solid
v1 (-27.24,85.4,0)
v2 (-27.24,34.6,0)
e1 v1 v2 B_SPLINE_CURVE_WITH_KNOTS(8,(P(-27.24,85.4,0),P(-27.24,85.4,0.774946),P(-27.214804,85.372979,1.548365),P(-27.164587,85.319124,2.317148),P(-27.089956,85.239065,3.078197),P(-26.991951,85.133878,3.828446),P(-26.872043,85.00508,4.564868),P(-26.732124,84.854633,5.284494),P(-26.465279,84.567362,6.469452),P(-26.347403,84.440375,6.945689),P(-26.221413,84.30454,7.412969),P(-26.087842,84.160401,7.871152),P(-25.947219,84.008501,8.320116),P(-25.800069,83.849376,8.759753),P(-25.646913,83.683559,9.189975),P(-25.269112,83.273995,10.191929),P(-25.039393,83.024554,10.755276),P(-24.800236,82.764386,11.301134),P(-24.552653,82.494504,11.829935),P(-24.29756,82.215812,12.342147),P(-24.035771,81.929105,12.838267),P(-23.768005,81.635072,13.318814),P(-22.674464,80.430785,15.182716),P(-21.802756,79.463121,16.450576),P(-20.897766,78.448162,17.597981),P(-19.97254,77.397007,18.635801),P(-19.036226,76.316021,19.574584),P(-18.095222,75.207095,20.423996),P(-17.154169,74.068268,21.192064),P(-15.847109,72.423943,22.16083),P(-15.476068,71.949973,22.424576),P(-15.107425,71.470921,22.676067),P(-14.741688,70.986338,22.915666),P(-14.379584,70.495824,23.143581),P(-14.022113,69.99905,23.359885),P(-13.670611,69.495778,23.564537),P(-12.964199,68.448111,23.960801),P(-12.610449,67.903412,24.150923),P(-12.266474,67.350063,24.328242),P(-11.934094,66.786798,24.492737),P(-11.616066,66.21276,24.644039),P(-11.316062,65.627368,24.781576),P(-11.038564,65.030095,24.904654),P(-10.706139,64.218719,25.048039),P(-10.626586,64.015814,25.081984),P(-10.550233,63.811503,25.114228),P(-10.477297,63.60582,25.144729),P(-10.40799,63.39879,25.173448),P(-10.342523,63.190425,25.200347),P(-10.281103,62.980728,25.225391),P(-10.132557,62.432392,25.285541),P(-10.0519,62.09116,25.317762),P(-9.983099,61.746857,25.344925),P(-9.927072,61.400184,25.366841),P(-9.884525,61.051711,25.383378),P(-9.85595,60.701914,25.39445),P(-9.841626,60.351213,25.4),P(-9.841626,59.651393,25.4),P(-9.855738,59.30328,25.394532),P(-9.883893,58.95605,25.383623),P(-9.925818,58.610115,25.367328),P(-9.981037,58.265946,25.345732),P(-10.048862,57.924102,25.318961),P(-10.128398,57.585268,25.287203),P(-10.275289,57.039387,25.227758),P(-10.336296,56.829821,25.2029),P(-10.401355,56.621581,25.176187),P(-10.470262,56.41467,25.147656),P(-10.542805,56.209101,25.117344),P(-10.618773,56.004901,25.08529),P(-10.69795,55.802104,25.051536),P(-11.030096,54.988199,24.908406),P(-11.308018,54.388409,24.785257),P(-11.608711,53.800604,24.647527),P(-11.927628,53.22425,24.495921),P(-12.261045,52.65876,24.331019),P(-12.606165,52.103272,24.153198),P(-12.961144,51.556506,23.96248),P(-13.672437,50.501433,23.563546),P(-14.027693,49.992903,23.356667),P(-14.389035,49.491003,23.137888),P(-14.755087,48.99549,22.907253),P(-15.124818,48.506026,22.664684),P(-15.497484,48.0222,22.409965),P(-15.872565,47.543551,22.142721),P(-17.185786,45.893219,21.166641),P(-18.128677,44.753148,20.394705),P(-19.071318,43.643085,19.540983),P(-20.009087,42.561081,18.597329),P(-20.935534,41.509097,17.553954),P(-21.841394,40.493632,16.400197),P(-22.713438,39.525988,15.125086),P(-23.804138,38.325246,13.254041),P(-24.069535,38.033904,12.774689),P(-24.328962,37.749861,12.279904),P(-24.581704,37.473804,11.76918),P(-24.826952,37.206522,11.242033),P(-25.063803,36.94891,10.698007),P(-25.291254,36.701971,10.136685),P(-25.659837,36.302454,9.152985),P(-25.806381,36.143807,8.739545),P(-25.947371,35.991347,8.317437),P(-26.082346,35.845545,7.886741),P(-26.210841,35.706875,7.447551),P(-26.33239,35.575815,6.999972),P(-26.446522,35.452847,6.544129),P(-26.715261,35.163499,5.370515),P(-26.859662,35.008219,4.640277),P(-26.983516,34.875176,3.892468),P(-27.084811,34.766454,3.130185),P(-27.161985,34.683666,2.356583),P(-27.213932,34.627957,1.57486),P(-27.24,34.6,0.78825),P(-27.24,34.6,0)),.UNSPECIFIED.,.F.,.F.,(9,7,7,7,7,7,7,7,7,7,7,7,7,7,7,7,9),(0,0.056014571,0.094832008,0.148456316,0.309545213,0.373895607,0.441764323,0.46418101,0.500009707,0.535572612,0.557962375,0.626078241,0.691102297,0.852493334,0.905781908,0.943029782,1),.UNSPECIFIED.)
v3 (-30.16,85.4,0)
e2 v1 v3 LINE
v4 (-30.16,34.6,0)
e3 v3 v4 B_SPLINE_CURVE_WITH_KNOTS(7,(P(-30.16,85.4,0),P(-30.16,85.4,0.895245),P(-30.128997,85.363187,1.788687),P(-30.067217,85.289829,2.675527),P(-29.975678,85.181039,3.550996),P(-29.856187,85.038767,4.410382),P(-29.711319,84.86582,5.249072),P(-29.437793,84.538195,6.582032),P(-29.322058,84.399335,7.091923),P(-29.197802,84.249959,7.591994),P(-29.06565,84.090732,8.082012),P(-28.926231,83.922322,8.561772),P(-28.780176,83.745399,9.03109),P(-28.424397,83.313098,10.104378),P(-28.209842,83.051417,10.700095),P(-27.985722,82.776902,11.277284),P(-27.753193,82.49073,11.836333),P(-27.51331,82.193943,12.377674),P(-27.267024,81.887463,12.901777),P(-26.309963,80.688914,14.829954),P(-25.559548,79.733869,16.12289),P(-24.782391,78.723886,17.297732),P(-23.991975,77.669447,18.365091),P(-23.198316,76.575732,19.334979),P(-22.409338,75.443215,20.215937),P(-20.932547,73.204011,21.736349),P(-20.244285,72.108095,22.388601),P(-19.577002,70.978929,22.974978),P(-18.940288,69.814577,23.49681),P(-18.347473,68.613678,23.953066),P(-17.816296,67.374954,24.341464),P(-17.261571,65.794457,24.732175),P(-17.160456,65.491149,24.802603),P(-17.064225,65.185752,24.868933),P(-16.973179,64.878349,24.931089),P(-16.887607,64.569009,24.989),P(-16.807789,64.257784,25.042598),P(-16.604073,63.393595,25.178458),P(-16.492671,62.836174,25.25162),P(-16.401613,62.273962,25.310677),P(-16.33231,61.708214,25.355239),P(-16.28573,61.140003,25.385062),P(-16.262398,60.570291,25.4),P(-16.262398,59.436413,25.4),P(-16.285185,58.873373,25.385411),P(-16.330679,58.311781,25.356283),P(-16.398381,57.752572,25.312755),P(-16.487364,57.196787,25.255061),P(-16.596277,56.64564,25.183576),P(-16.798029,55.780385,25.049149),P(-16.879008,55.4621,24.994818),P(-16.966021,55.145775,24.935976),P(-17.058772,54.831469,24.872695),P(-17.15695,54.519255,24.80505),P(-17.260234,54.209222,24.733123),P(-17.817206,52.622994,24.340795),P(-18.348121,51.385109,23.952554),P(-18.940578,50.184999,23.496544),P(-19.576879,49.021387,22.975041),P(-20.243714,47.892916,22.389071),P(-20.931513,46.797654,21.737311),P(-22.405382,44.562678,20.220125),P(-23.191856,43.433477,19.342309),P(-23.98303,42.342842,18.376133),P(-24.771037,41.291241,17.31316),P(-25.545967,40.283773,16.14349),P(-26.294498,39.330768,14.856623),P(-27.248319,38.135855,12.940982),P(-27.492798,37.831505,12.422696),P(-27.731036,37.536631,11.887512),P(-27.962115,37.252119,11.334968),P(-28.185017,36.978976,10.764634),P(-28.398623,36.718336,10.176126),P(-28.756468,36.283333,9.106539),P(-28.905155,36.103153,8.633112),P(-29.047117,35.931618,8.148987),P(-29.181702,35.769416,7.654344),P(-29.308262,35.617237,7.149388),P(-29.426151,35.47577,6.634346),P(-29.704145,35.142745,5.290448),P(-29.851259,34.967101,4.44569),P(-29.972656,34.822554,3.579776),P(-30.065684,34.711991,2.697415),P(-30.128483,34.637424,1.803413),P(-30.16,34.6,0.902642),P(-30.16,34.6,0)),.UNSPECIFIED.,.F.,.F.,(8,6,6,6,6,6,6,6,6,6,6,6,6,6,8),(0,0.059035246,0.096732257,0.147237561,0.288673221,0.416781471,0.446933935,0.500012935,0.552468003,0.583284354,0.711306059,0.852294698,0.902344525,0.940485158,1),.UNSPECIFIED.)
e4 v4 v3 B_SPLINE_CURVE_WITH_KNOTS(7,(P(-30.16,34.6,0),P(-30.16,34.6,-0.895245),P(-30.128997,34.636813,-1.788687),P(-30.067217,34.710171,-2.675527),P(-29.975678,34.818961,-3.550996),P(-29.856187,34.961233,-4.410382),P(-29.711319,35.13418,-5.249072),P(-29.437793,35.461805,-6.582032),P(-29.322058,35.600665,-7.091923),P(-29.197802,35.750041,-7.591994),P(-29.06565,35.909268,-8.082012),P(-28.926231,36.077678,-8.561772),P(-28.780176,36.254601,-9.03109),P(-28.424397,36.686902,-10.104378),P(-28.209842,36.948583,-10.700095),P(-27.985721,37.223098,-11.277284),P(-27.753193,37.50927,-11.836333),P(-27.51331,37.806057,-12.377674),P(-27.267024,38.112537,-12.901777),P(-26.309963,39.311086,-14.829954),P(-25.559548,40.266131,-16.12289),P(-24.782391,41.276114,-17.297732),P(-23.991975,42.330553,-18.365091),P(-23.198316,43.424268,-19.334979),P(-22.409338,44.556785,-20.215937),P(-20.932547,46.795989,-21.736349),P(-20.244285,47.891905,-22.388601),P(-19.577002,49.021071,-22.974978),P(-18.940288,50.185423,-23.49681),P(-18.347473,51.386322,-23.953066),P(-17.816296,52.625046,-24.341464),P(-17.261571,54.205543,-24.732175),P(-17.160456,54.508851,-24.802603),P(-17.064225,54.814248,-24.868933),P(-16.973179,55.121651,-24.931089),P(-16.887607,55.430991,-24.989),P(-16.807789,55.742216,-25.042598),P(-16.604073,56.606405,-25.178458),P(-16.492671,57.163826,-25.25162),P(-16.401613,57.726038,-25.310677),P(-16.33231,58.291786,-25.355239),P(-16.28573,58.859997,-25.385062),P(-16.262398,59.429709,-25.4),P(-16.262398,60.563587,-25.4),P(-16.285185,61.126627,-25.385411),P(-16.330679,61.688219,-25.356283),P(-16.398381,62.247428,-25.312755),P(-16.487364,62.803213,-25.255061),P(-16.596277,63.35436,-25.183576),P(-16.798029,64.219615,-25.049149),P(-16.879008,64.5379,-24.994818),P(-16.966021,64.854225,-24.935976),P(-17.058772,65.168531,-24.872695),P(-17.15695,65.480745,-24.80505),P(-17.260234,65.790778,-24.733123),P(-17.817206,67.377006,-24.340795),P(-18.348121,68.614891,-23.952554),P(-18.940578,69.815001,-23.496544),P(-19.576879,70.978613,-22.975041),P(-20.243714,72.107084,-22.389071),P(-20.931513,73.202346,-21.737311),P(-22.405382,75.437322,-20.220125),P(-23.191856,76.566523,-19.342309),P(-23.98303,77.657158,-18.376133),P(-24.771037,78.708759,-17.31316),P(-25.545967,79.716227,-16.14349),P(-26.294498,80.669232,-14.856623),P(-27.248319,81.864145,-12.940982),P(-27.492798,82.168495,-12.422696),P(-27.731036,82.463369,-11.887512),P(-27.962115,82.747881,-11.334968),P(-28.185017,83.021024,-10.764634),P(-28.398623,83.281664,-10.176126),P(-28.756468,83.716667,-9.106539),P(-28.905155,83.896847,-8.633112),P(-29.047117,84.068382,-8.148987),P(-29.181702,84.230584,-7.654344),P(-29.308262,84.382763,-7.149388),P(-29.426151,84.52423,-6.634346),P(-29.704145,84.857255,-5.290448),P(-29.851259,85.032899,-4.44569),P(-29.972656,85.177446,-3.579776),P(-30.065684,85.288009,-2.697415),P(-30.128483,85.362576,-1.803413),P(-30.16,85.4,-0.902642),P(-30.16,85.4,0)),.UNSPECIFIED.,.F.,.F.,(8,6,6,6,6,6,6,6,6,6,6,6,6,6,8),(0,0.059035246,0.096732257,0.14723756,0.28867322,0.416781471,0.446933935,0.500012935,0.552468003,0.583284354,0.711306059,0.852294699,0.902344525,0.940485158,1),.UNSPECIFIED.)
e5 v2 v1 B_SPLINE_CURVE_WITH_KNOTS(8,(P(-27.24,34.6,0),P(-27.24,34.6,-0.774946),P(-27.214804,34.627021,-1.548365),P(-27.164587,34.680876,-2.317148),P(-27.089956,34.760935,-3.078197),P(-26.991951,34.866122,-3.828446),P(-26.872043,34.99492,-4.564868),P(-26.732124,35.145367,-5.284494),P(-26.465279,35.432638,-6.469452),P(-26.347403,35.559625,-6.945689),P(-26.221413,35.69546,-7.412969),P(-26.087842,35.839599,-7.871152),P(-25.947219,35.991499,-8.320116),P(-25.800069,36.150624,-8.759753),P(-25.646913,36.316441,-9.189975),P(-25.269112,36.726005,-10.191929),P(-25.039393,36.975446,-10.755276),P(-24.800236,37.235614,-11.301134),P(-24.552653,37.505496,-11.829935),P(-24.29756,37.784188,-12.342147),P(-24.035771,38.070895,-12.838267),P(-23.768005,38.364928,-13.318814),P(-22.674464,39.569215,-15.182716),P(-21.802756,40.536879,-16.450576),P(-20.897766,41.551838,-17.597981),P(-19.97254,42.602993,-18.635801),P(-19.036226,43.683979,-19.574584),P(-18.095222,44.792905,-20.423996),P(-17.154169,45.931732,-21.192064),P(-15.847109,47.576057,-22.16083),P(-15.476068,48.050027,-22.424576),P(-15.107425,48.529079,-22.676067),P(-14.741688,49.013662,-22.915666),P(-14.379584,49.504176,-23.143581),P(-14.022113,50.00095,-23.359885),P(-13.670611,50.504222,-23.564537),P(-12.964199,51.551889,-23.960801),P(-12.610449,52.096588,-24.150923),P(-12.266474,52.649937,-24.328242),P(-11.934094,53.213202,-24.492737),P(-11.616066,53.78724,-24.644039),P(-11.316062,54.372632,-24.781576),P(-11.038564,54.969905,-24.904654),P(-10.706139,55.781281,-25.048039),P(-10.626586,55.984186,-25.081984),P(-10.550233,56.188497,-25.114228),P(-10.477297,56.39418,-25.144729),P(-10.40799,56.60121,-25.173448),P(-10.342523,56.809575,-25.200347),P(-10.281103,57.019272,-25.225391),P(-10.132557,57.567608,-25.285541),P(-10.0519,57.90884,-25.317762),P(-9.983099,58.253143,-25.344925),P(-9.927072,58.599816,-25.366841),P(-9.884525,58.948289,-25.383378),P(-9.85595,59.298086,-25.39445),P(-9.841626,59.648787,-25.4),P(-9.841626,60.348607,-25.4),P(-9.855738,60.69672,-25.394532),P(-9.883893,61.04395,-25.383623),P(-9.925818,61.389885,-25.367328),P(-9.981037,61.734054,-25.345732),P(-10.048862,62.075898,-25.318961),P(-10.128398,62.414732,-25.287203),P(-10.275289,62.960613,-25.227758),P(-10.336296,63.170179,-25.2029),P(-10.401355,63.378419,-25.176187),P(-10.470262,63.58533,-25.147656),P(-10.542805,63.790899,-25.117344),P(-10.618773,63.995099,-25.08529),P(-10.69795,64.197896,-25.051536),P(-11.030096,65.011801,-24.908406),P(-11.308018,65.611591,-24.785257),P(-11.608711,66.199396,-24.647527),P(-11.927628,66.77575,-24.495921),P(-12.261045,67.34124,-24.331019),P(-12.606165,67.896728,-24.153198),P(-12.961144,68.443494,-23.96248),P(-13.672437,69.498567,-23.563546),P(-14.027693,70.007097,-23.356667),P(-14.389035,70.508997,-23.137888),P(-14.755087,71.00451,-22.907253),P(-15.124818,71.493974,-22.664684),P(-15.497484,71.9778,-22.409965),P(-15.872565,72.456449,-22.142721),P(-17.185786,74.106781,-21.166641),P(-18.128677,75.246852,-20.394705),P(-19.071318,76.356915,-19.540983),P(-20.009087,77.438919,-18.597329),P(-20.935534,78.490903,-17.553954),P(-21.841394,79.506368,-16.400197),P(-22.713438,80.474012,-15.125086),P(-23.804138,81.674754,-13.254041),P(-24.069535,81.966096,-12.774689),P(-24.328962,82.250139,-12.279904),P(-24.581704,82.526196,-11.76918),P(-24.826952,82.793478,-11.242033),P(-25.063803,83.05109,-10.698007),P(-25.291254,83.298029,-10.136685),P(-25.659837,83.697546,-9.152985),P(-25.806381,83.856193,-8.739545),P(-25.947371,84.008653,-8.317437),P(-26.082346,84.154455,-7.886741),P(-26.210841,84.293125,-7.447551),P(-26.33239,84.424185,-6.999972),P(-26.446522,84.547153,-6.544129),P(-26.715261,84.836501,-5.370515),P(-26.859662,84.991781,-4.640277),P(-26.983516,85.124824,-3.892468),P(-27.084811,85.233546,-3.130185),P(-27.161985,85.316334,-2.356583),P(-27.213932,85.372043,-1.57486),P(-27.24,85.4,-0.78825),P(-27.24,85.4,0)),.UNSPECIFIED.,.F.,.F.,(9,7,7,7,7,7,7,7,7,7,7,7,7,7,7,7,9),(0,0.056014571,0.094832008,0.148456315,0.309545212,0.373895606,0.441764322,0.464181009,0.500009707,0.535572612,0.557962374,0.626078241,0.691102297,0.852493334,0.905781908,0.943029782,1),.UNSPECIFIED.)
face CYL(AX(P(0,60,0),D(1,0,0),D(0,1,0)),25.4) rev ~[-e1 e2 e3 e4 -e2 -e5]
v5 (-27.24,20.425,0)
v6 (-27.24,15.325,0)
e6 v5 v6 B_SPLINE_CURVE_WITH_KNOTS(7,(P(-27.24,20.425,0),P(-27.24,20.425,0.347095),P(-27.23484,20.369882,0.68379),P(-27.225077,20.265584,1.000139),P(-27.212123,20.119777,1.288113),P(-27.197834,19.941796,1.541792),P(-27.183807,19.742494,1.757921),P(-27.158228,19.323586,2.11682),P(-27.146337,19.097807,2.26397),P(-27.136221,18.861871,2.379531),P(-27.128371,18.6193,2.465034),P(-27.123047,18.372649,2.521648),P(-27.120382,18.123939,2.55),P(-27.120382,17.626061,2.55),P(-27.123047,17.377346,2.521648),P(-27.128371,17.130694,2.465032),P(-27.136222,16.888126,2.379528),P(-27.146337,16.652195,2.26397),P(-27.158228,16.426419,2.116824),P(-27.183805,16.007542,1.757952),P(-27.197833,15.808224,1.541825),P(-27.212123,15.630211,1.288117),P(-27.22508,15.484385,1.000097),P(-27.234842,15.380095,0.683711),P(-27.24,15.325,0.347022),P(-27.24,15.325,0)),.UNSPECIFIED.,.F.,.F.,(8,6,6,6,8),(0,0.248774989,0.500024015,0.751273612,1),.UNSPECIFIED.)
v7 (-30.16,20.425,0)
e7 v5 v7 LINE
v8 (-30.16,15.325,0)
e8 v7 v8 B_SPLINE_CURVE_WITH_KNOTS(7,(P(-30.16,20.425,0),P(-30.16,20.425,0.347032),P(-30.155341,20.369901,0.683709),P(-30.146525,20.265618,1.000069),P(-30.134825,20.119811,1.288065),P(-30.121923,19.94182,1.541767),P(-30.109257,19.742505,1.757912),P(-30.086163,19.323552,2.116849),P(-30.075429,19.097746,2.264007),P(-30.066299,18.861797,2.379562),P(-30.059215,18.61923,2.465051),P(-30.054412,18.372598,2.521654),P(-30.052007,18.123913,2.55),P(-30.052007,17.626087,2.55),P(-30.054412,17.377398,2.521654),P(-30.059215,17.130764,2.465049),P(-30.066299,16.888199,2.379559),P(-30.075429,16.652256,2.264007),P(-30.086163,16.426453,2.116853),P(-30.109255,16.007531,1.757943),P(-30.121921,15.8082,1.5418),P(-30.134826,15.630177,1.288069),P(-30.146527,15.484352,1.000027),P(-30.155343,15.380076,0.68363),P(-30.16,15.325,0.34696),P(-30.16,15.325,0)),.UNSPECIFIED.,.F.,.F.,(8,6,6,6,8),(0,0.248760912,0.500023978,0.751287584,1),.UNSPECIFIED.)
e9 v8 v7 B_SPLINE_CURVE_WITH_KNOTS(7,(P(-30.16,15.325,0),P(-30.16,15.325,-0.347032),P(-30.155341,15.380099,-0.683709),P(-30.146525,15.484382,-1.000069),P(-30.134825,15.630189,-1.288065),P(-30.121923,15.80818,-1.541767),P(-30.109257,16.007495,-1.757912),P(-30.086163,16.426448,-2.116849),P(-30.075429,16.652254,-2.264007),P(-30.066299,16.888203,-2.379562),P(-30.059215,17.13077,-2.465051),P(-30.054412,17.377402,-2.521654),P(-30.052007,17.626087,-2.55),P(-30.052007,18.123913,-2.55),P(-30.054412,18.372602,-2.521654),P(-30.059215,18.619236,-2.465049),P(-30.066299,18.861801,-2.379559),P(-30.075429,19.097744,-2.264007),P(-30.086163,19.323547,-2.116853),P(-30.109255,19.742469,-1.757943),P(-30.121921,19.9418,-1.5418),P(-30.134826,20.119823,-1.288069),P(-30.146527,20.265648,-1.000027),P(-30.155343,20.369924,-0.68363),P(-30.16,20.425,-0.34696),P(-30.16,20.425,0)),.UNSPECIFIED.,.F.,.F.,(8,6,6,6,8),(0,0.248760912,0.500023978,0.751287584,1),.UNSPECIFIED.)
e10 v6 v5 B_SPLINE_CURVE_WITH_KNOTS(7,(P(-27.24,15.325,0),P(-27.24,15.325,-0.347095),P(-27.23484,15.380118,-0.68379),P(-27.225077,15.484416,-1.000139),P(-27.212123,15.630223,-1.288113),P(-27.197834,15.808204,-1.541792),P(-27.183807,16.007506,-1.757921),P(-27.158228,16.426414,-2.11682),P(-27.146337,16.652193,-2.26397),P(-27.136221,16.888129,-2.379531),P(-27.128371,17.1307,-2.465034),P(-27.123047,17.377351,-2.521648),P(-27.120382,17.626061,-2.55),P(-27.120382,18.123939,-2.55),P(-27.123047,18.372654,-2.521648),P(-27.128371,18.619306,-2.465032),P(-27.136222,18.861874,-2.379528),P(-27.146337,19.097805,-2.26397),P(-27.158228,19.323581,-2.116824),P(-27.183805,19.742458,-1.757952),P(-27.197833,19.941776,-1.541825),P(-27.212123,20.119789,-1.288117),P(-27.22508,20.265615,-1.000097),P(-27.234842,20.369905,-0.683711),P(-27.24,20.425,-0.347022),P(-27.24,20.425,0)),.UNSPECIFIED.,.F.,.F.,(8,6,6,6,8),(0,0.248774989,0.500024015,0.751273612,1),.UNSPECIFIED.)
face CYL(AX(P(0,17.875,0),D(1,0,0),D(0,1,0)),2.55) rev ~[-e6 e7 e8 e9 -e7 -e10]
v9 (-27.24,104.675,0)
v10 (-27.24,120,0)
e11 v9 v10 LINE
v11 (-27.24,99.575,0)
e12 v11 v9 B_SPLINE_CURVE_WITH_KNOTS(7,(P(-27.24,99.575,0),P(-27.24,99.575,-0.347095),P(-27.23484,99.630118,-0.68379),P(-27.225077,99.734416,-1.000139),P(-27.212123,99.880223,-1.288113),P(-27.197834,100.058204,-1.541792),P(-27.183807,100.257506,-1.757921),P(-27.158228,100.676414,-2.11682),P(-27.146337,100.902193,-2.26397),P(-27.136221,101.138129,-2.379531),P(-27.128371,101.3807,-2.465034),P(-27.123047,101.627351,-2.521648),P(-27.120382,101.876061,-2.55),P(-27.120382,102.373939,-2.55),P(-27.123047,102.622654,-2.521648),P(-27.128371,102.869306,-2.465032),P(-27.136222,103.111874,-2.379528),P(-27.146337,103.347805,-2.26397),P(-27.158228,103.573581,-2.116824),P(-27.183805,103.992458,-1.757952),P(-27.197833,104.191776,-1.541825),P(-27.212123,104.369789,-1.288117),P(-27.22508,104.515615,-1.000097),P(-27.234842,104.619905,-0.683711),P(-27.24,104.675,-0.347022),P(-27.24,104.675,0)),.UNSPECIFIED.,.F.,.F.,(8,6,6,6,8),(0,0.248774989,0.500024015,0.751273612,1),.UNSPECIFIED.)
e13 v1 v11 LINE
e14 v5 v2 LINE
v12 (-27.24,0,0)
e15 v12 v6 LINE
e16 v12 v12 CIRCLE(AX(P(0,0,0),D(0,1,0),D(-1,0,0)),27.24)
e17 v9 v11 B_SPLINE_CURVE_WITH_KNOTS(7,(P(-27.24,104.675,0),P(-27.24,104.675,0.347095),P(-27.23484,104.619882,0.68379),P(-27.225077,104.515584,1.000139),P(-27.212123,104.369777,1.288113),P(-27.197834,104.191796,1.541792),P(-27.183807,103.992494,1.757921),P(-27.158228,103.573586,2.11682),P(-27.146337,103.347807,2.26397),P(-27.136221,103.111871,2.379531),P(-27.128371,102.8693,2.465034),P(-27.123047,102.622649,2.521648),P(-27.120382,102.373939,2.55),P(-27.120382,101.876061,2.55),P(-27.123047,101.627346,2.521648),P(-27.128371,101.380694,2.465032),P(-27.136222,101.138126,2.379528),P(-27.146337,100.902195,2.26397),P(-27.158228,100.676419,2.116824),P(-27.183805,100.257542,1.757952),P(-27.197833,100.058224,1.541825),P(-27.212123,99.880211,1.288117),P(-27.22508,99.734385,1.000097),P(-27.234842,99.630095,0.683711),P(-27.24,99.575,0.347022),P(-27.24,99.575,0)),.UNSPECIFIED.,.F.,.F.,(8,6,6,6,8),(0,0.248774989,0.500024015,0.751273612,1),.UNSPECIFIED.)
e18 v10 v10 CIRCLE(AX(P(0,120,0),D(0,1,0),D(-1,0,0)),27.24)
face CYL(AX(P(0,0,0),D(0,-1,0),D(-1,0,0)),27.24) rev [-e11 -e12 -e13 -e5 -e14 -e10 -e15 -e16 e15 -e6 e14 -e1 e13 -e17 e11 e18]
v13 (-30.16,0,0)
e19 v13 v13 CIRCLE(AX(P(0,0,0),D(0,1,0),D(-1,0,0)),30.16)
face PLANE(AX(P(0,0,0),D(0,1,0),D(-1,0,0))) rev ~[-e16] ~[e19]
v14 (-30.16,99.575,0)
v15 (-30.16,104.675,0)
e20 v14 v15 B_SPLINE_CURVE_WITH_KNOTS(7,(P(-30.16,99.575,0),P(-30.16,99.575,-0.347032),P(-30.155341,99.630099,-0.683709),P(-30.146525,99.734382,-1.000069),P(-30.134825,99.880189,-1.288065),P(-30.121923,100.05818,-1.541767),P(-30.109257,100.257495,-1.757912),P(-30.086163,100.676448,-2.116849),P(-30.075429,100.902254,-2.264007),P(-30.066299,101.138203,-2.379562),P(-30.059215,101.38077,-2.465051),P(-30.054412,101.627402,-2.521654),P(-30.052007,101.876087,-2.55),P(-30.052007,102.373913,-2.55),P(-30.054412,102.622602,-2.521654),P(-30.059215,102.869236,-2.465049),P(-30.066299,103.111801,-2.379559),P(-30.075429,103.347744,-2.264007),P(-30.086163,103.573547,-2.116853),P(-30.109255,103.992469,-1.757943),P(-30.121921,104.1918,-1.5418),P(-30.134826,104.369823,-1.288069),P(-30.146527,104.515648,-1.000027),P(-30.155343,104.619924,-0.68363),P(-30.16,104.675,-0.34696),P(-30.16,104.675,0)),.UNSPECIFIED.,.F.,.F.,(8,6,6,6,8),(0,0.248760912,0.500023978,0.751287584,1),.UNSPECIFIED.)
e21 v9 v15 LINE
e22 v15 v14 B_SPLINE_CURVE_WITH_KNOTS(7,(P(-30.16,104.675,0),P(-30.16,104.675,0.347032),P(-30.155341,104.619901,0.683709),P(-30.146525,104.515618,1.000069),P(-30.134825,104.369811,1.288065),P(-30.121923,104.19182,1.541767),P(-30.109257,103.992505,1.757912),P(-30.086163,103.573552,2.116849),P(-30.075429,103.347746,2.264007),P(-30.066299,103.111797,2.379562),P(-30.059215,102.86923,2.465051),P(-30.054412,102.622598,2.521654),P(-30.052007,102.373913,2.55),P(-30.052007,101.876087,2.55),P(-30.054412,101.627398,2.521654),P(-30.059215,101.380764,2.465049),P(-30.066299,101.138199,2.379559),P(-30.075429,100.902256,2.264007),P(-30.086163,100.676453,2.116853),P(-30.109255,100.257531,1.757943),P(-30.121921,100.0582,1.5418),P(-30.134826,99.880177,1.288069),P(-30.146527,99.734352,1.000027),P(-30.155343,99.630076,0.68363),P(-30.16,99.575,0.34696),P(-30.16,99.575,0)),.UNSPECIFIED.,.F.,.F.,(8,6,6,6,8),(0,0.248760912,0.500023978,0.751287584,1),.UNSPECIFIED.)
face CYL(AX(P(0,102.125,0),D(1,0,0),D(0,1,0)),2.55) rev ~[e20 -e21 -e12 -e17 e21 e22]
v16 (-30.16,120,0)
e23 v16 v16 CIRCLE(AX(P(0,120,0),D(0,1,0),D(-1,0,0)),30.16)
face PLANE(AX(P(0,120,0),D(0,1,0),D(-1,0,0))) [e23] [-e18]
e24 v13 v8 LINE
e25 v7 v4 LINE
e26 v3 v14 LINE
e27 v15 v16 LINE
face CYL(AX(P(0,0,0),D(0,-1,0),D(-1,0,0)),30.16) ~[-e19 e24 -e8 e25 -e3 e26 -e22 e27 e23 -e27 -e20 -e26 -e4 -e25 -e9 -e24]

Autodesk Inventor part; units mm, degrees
ref_plane "YZ Plane" through (0, 0, 0) normal (1, 0, 0) x (0, 1, 0)
ref_plane "XZ Plane" through (0, 0, 0) normal (0, 1, 0) x (-1, 0, 0)
ref_plane "XY Plane" through (0, 0, 0) normal (0, 0, 1) x (1, 0, 0)
sketch "Sketch2" plane through (0, 0, 0) normal (0, 1, 0) x (-1, 0, 0)
  circle A0 centre (0, 0) radius 30.16
  circle A1 centre (0, 0) radius 27.24
  dimension "d0" = 60.32
  dimension "d1" = 54.48
extrude "Extrusion1" add sketch "Sketch2" along normal blind 120
sketch "Sketch3" plane through (0, 0, 0) normal (1, 0, 0) x (0, 1, 0)
  line L0 (0, -30.16) -> (0, 30.16) projected
  line L1 (120, -30.16) -> (120, 30.16) projected
  line L2 (0, -30.16) -> (120, 30.16) construction
  line L3 (120, -30.16) -> (0, 30.16) construction
  circle A0 centre (60, 0) radius 25.4
  line L4 (120, 27.24) -> (0, 27.24) projected
  line L5 (120, 0) -> (102.125, 0)
  line L6 (0, 0) -> (17.875, 0)
  circle A1 centre (17.875, 0) radius 2.55
  circle A2 centre (102.125, 0) radius 2.55
  dimension "d6" = 50.8
  dimension "d7" = 17.875
  dimension "d8" = 17.875
  dimension "d9" = 5.1
  dimension "d10" = 5.1
extrude "Extrusion2" cut sketch "Sketch3" against normal up to next
properties part number "Tubo Interior" material "PVC-Piping"
